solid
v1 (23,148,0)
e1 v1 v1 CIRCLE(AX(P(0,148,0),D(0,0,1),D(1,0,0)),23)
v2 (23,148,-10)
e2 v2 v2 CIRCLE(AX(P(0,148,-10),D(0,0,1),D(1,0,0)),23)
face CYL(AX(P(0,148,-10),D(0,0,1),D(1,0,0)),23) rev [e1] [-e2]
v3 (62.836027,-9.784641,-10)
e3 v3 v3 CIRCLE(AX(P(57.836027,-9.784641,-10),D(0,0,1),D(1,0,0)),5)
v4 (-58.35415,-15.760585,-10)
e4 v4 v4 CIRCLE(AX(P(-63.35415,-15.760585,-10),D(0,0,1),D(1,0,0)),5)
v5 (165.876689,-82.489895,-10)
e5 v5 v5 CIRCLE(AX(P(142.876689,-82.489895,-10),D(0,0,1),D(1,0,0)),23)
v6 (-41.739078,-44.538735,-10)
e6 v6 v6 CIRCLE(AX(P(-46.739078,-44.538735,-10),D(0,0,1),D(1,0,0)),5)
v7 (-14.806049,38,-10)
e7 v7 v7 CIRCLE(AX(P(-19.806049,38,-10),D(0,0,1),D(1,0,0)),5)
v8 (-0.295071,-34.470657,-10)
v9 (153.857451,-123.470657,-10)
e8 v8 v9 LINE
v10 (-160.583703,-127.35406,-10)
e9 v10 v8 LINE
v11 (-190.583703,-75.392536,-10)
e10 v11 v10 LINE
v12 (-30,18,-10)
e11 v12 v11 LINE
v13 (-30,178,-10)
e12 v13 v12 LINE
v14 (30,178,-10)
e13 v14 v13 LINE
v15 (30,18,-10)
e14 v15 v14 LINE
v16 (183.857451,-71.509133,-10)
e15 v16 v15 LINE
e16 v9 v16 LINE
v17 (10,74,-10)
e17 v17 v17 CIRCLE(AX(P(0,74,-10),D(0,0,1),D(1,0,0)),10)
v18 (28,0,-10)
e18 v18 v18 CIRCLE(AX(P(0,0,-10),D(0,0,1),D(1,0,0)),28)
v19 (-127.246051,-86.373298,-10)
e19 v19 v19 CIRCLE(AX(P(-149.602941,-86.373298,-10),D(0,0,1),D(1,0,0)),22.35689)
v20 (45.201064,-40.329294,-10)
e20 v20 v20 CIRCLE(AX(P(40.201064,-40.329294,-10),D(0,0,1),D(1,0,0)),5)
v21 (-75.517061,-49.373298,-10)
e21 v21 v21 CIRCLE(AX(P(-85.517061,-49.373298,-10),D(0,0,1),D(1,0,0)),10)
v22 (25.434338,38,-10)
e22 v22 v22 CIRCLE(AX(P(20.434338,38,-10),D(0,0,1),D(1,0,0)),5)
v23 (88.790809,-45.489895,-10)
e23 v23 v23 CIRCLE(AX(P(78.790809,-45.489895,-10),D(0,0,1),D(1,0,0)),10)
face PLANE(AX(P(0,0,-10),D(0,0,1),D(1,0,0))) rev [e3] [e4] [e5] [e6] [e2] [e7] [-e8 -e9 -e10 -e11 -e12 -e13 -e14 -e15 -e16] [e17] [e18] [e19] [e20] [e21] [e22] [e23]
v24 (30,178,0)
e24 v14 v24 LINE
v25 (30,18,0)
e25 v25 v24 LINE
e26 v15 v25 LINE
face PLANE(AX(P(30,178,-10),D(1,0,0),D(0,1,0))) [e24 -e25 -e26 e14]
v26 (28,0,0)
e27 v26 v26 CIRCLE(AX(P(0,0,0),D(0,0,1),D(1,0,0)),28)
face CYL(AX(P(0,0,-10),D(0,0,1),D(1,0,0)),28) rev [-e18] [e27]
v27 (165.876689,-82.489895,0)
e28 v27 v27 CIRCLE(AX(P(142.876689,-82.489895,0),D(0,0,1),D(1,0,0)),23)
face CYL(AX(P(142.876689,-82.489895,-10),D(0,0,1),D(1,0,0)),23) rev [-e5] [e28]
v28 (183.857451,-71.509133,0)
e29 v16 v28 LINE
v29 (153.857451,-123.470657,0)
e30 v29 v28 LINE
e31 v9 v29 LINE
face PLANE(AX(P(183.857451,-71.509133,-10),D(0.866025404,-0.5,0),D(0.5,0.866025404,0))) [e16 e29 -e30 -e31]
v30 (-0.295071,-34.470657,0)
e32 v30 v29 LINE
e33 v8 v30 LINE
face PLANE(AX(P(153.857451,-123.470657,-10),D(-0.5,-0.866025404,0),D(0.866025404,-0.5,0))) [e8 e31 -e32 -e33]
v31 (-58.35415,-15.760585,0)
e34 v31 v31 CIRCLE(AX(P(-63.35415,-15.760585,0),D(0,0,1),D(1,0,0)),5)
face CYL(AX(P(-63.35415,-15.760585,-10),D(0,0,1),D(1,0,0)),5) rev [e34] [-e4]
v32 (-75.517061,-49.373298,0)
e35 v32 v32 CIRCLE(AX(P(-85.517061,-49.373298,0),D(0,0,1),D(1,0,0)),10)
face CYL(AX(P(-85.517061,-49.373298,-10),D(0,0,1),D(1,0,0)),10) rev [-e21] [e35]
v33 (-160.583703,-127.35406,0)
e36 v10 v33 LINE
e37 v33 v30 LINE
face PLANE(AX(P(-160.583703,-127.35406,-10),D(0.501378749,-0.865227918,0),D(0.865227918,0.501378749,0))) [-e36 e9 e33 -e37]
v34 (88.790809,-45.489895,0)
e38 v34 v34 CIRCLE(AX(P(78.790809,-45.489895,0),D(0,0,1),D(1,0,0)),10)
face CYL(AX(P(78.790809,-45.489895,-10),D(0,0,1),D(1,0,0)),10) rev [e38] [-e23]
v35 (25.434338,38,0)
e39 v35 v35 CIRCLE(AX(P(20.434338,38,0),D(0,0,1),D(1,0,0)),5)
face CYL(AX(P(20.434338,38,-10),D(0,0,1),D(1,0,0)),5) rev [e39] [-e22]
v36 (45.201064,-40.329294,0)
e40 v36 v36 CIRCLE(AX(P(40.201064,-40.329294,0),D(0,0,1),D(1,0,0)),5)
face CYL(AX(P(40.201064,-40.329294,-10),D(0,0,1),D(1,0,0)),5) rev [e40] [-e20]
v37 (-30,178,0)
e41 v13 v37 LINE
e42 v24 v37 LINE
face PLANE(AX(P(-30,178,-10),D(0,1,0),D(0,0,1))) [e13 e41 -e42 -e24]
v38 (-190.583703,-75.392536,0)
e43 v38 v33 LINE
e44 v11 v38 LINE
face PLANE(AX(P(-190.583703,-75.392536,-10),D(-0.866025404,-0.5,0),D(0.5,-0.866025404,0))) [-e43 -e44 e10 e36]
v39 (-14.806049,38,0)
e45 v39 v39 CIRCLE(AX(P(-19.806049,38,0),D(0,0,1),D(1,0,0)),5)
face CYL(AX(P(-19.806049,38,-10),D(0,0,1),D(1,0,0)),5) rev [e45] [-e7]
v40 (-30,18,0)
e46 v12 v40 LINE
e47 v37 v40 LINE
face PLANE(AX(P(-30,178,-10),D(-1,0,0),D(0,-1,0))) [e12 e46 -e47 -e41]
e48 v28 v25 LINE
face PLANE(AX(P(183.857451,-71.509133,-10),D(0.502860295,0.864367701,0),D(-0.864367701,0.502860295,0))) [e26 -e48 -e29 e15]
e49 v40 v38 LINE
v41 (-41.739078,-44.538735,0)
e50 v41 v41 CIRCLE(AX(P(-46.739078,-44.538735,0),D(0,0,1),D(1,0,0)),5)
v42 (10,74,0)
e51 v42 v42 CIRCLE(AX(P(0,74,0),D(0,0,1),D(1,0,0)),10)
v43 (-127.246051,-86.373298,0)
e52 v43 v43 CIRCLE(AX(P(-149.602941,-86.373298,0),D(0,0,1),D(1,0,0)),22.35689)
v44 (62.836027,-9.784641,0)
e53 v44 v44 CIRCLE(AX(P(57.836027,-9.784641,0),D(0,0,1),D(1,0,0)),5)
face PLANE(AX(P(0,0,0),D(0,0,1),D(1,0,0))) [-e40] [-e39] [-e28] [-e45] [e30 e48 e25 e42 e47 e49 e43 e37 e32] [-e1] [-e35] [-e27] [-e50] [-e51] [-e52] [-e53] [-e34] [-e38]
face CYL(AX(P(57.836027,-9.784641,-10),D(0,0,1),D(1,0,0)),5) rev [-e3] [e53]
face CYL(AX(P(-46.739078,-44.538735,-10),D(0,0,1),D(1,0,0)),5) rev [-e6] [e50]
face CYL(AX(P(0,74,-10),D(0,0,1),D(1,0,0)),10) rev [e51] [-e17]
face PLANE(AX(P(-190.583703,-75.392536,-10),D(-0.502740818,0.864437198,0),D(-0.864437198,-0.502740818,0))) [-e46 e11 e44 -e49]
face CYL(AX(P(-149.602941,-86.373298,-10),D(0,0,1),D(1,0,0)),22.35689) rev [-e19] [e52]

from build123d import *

# Parameters (mm, degrees)
SKETCH1_R           = 28
SKETCH1_R_2         = 23
SKETCH1_R_3         = 22.356889663
SKETCH1_R_4         = 10
BOSS_EXTRUDE5_DEPTH = 10
SKETCH3_R           = 5
CUT_EXTRUDE1_DEPTH  = 261.971545909


with BuildPart() as part:
    # Sketch1 → Boss-Extrude5 (new body)
    with BuildSketch(Plane.XY):
        Polygon((-30, 178), (30, 178), (30, 18), (183.857450853, -71.509132591), (153.857450853, -123.470656818), (-0.295071021, -34.470656818), (-160.583702803, -127.354060192), (-190.583702803, -75.392535965), (-30, 18), align=None)
        Circle(SKETCH1_R, mode=Mode.SUBTRACT)
        with Locations((0, 148)):
            Circle(SKETCH1_R_2, mode=Mode.SUBTRACT)
        with Locations((-149.602940689, -86.373298079)):
            Circle(SKETCH1_R_3, mode=Mode.SUBTRACT)
        with Locations((142.876688739, -82.489894704)):
            Circle(SKETCH1_R_2, mode=Mode.SUBTRACT)
        with Locations((0, 74)):
            Circle(SKETCH1_R_4, mode=Mode.SUBTRACT)
        with Locations((-85.517060809, -49.373298079)):
            Circle(SKETCH1_R_4, mode=Mode.SUBTRACT)
        with Locations((78.790808859, -45.489894704)):
            Circle(SKETCH1_R_4, mode=Mode.SUBTRACT)
    extrude(amount=-BOSS_EXTRUDE5_DEPTH)

    # Sketch3 → Cut-Extrude1 (cut, through all)
    with BuildSketch(Plane.XY):
        with Locations((-63.35415014, -15.760585401)):
            Circle(SKETCH3_R)
        with Locations((-46.739077881, -44.538734725)):
            Circle(SKETCH3_R)
        with Locations((40.201063697, -40.329293976)):
            Circle(SKETCH3_R)
        with Locations((57.836027276, -9.784641068)):
            Circle(SKETCH3_R)
        with Locations((-19.80604921, 38)):
            Circle(SKETCH3_R)
        with Locations((20.434338159, 38)):
            Circle(SKETCH3_R)
    extrude(amount=-CUT_EXTRUDE1_DEPTH, mode=Mode.SUBTRACT)


solid = part.part
